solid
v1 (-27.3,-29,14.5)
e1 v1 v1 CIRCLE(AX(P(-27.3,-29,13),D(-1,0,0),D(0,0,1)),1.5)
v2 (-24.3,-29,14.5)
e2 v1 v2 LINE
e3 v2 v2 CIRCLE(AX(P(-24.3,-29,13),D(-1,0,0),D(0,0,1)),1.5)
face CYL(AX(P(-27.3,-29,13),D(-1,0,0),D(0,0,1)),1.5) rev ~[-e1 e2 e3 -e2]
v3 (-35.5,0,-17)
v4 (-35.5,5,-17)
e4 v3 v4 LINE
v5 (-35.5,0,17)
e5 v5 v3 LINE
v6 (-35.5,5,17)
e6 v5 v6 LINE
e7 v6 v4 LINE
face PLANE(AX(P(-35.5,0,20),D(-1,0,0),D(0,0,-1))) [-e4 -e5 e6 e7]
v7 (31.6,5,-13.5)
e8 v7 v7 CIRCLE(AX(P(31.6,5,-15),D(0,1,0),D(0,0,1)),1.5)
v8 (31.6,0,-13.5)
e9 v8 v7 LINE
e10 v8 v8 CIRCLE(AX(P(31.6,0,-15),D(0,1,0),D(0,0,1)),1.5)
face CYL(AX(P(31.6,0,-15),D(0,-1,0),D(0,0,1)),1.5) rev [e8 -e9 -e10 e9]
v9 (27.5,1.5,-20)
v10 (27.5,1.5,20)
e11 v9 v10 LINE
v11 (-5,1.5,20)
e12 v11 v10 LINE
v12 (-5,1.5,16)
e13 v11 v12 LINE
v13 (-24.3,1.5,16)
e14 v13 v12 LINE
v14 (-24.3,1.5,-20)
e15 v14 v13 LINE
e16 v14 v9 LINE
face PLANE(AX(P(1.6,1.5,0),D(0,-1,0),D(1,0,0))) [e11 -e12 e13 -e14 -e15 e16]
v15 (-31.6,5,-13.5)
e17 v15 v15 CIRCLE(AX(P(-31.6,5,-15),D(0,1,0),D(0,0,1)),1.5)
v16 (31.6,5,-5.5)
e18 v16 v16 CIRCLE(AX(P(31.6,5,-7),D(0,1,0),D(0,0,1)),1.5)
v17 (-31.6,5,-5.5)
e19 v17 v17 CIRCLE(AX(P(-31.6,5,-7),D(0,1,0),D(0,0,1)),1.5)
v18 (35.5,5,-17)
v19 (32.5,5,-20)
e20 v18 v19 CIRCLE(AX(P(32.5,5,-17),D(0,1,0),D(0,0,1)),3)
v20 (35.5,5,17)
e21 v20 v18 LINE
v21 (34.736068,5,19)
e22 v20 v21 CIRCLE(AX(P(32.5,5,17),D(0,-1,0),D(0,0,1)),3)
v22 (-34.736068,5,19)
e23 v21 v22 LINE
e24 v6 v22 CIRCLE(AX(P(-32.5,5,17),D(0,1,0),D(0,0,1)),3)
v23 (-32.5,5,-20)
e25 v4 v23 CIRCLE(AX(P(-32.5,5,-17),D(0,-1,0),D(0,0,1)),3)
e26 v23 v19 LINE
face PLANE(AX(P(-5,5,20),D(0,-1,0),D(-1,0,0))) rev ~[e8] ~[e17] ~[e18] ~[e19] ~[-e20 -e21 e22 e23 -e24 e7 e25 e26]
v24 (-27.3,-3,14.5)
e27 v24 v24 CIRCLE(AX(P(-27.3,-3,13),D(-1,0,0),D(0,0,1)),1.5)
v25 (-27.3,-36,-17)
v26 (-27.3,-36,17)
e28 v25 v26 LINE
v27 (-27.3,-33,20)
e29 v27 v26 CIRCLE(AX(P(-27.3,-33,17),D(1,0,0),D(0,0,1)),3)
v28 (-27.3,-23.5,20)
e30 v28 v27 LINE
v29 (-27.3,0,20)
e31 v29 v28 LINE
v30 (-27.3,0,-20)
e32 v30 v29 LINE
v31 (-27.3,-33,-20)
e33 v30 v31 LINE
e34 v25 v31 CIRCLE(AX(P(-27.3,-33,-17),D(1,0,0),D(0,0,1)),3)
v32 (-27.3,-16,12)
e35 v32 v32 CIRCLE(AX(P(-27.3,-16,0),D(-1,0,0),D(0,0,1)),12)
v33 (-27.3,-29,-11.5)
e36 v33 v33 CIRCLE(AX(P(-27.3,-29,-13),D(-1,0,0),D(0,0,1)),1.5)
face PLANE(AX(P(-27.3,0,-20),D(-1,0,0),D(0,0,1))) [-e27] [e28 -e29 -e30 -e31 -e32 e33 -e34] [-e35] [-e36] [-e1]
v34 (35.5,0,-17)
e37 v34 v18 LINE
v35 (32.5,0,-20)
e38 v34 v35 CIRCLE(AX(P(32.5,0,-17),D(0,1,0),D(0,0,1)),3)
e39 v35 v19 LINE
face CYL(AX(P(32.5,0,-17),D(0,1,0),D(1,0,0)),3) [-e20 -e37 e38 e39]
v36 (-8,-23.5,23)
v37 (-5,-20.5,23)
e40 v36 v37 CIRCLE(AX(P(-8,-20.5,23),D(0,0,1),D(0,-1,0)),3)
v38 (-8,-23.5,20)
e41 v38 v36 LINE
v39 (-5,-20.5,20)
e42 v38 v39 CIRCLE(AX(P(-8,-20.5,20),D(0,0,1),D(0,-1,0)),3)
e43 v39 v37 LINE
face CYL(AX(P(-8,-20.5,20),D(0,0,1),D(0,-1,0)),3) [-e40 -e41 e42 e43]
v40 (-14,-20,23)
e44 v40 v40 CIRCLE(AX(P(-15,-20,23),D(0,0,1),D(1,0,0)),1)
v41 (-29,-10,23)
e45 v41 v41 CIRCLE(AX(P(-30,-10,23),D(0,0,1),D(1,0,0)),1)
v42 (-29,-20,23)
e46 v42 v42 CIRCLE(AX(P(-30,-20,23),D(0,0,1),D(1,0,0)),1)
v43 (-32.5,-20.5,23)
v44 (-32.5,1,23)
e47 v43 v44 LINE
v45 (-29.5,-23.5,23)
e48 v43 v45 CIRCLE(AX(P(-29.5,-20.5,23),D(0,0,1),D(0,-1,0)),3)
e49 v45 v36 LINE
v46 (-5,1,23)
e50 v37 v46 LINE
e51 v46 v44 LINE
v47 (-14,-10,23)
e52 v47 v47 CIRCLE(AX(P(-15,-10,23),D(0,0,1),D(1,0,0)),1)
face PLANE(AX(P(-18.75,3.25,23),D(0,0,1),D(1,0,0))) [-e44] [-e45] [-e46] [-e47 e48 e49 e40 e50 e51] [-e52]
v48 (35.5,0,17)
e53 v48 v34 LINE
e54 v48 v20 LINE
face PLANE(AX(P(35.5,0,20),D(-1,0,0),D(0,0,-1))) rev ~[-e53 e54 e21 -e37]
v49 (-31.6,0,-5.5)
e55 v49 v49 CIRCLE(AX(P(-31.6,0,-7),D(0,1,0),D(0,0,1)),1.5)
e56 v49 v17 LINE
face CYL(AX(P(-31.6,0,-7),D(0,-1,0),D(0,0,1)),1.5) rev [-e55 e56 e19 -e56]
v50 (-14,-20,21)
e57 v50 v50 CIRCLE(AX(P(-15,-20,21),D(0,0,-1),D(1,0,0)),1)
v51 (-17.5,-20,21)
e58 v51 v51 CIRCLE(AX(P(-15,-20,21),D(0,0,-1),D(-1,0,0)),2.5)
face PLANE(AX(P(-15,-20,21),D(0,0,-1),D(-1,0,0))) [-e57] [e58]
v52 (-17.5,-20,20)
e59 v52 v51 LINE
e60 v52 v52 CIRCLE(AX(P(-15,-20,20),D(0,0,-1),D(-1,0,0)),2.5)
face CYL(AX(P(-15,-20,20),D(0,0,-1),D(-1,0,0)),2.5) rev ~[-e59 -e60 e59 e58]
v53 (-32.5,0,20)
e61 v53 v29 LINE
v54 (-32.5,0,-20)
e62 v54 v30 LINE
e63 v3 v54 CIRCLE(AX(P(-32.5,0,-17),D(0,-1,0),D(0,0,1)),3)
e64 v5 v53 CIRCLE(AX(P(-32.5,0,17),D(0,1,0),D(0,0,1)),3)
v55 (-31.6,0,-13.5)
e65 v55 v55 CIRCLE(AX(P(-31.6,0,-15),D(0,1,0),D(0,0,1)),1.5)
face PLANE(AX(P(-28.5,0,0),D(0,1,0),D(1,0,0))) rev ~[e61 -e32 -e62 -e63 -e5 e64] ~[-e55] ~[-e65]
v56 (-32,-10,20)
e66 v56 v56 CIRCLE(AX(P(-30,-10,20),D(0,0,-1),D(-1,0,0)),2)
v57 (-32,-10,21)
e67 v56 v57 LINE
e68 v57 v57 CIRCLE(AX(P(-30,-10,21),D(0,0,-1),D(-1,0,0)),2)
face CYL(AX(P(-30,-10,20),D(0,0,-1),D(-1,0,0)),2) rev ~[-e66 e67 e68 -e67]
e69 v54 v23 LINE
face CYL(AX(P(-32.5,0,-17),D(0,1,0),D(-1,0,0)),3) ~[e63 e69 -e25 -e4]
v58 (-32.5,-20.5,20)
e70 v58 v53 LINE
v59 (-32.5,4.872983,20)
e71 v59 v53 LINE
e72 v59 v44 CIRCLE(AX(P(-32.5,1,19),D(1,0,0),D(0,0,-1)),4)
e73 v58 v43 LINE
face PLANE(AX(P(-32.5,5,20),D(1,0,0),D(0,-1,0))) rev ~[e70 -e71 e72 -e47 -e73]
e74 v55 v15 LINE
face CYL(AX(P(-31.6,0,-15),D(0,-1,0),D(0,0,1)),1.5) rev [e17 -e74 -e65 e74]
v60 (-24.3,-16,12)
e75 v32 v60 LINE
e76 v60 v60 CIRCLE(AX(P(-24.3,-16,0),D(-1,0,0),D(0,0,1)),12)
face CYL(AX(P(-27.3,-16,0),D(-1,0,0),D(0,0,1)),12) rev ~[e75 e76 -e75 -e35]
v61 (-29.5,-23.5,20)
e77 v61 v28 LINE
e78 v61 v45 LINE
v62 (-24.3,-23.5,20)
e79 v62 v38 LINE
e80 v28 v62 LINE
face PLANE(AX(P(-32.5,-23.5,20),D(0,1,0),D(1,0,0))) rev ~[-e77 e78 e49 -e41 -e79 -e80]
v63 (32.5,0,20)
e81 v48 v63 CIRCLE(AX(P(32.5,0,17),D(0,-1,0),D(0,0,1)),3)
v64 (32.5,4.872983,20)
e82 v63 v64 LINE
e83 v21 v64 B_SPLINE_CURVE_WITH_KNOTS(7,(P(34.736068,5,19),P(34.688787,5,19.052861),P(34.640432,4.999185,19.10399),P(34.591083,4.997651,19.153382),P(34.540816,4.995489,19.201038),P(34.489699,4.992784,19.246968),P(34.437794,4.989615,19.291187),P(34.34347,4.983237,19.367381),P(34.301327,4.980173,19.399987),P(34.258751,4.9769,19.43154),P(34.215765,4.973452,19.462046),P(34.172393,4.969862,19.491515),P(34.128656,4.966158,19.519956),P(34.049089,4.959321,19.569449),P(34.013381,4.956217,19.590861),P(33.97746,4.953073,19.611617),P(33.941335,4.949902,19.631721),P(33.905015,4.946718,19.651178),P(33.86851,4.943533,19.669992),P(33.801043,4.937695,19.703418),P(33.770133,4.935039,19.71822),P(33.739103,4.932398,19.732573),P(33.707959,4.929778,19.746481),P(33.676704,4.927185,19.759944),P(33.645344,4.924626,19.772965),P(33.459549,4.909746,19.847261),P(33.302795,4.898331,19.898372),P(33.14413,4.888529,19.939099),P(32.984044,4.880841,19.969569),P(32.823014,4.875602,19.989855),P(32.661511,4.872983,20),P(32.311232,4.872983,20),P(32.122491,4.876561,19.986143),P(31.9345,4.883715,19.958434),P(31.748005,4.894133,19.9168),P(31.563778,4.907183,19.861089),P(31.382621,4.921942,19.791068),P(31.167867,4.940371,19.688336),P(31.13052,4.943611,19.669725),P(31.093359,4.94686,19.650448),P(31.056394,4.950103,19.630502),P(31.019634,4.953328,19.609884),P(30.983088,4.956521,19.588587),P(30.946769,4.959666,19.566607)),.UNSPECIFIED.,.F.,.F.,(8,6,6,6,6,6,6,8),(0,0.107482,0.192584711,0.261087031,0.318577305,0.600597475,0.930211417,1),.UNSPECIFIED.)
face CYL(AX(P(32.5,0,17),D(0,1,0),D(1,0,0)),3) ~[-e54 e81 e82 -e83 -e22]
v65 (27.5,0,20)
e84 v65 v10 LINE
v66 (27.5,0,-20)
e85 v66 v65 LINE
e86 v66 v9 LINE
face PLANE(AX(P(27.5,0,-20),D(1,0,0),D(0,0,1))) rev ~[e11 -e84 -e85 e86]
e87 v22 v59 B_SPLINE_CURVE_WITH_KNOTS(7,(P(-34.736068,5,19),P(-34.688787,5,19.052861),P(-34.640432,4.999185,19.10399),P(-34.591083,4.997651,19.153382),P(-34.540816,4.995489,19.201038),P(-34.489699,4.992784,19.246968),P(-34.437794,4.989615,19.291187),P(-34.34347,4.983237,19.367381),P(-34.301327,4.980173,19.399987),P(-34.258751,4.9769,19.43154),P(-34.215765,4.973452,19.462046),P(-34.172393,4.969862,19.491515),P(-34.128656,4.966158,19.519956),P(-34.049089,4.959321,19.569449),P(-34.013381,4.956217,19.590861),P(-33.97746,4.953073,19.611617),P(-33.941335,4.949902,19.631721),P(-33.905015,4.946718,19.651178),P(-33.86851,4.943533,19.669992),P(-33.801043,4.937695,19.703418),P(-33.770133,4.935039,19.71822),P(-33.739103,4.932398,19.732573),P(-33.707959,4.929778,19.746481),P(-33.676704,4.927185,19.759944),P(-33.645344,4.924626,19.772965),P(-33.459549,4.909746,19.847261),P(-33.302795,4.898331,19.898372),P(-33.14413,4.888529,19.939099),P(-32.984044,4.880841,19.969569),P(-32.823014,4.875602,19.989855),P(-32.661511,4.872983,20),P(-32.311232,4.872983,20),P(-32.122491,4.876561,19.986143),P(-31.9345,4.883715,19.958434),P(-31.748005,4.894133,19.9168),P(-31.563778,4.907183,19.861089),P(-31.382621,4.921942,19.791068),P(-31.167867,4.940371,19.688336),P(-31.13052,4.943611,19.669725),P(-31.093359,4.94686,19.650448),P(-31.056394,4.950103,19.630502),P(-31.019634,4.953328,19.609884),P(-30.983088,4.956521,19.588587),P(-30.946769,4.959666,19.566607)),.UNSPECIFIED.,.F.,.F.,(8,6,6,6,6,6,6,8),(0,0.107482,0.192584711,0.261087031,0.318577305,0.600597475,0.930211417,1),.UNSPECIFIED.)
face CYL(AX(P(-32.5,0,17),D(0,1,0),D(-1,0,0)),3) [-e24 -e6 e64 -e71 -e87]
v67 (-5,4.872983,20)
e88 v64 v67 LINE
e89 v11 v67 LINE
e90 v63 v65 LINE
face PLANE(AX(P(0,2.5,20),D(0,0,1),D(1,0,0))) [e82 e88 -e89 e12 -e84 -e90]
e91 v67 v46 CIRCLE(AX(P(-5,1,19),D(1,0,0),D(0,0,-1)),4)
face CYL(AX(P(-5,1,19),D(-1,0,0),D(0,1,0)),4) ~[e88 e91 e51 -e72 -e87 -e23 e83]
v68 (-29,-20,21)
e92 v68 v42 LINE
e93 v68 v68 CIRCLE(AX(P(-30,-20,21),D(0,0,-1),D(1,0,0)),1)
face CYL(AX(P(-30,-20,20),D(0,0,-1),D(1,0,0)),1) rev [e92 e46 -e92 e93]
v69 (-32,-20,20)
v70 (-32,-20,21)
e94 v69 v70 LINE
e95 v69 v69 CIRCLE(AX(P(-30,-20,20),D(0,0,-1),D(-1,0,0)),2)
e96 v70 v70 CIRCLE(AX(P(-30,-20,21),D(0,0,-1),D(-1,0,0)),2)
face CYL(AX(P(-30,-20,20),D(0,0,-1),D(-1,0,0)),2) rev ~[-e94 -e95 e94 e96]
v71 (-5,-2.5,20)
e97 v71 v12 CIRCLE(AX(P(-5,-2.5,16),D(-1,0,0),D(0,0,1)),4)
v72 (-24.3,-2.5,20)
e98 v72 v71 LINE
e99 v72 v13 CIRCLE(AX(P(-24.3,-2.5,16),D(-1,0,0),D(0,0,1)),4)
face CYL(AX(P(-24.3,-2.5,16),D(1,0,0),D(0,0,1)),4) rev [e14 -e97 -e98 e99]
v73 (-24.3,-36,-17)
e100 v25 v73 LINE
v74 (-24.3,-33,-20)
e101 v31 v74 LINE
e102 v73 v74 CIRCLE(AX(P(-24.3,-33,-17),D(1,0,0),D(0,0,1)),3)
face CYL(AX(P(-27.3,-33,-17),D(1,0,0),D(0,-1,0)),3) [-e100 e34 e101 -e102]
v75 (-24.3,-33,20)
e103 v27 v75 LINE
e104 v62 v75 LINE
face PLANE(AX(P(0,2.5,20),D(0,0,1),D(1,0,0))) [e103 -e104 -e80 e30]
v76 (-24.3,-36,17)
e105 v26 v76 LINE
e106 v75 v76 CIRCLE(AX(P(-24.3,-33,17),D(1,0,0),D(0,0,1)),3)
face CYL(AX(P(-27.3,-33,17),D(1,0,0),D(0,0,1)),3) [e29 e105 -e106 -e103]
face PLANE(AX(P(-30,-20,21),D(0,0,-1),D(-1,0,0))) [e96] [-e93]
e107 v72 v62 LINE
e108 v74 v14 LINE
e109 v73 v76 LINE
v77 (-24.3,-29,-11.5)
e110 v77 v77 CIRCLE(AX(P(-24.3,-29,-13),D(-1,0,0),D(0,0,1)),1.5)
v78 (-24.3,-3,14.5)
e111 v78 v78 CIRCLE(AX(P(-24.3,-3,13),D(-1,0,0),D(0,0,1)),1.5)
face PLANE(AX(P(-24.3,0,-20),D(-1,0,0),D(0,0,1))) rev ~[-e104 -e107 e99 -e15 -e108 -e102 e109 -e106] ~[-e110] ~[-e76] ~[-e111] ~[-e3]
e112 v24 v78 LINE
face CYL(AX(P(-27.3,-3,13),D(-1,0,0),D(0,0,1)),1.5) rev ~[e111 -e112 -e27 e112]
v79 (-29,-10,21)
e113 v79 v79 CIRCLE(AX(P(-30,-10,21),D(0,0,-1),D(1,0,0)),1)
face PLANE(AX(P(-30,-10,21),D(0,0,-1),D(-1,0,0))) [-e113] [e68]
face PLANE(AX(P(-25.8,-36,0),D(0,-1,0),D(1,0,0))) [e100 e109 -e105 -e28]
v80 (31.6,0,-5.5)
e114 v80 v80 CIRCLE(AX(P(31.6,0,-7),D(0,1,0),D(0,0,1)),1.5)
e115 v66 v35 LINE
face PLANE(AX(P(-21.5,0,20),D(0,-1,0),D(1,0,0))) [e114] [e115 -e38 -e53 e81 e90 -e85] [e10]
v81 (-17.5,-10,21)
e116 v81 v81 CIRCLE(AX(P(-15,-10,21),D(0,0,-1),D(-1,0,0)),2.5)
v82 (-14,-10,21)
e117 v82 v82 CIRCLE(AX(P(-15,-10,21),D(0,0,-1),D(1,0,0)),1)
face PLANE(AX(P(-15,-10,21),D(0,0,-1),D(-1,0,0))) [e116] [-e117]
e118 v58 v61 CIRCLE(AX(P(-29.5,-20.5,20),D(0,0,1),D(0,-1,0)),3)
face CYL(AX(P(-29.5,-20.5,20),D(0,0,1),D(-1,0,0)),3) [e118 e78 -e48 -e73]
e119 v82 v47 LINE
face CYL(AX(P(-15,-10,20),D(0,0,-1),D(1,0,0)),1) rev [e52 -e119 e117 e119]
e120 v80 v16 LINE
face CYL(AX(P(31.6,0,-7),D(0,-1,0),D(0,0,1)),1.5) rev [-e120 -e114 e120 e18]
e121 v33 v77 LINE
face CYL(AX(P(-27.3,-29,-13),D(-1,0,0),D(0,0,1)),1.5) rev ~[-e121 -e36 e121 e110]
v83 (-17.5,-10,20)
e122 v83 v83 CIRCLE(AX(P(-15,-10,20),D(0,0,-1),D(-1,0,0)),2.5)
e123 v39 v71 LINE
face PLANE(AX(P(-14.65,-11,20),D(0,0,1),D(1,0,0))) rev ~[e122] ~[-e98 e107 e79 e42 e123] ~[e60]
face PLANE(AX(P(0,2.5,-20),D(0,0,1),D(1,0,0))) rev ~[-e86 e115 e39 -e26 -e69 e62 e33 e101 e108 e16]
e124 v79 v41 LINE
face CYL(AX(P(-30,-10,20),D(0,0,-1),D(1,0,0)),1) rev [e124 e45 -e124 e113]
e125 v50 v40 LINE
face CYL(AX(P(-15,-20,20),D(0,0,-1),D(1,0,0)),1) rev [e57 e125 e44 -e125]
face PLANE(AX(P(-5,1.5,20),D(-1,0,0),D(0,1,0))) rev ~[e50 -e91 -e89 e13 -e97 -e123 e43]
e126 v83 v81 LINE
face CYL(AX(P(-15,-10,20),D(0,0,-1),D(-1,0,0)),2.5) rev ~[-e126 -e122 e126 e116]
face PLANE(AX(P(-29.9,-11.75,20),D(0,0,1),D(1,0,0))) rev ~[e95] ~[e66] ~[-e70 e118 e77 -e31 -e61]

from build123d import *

# Parameters (mm, degrees)
SKETCH_1_W          = 14
SKETCH_1_H          = 40
SKETCH_1_R          = 1.5
EXTRUDE_1_DEPTH     = 5
EXTRUDE_1_2_DEPTH   = 5
SKETCH_3_W          = 3
SKETCH_3_H          = 40
EXTRUDE_3_DEPTH     = 36
SKETCH_4_R          = 1.5
SKETCH_4_R_2        = 12
CUT_EXTRUDE_1_DEPTH = 30
SKETCH_8_W          = 43
SKETCH_8_H          = 5
EXTRUDE_4_DEPTH     = 40
SKETCH_9_W          = 51.8
SKETCH_9_H          = 40
CUT_EXTRUDE_2_DEPTH = 1.5
FILLET_1_R          = 3
SKETCH_10_W         = 19.3
SKETCH_10_H         = 25
SKETCH_10_R         = 1
SKETCH_10_W_2       = 5.2
SKETCH_10_H_2       = 23.5
EXTRUDE_5_DEPTH     = 3
SKETCH_11_R         = 2.5
SKETCH_11_R_2       = 2
CUT_EXTRUDE_3_DEPTH = 1
FILLET_2_R          = 4
FILLET_3_R          = 3


with BuildPart() as part:
    # 草图1 → 凸台-拉伸1 (new body)
    with BuildSketch(Plane(origin=(0, 0, 0), x_dir=(1, 0, 0), z_dir=(0, 1, 0))):
        with Locations((-28.5, 0)):
            Rectangle(SKETCH_1_W, SKETCH_1_H)
        with Locations(Location((-31.6, 7, 0), (0, 0, 270))):
            Circle(SKETCH_1_R, mode=Mode.SUBTRACT)
        with Locations(Location((-31.6, 15, 0), (0, 0, 270))):
            Circle(SKETCH_1_R, mode=Mode.SUBTRACT)
    extrude(amount=EXTRUDE_1_DEPTH)

    # 草图3 → 凸台-拉伸3 (add)
    with BuildSketch(Plane.XZ):
        with Locations((-25.8, 0)):
            Rectangle(SKETCH_3_W, SKETCH_3_H)
    extrude(amount=EXTRUDE_3_DEPTH)

    # 草图4 → 切除-拉伸1 (cut)
    with BuildSketch(Plane.ZY.offset(27.3)):
        with Locations((13, -3)):
            Circle(SKETCH_4_R)
        with Locations((13, -29)):
            Circle(SKETCH_4_R)
        with Locations((-13, -29)):
            Circle(SKETCH_4_R)
        with Locations((0, -16)):
            Circle(SKETCH_4_R_2)
    extrude(amount=-CUT_EXTRUDE_1_DEPTH, mode=Mode.SUBTRACT)



with BuildPart() as body_2:
    # 草图1 → Extrude 1 2 (new body)
    with BuildSketch(Plane(origin=(0, 0, 0), x_dir=(1, 0, 0), z_dir=(0, 1, 0))):
        with Locations((28.5, 0)):
            Rectangle(SKETCH_1_W, SKETCH_1_H)
        with Locations(Location((31.6, 7, 0), (0, 0, 270))):
            Circle(SKETCH_1_R, mode=Mode.SUBTRACT)
        with Locations(Location((31.6, 15, 0), (0, 0, 270))):
            Circle(SKETCH_1_R, mode=Mode.SUBTRACT)
    extrude(amount=EXTRUDE_1_2_DEPTH)


with BuildPart() as part_1:
    add(part.part)

    add(body_2.part)  # 凸台-拉伸4 merges body 2
    # 草图8 → 凸台-拉伸4 (add)
    with BuildSketch(Plane.XY.offset(20)):
        with Locations((0, 2.5)):
            Rectangle(SKETCH_8_W, SKETCH_8_H)
    extrude(amount=-EXTRUDE_4_DEPTH)

    # 草图9 → 切除-拉伸2 (cut)
    with BuildSketch(Plane.XZ):
        with Locations((1.6, 0)):
            Rectangle(SKETCH_9_W, SKETCH_9_H)
    extrude(amount=-CUT_EXTRUDE_2_DEPTH, mode=Mode.SUBTRACT)

    # 圆角1
    fillet_1_edges = [part_1.edges().sort_by_distance(p)[0] for p in [
        (-35.5, 2.5, 20),
        (-35.5, 2.5, -20),
        (-25.8, -36, -20),
        (-25.8, -36, 20),
        (35.5, 2.5, 20),
        (35.5, 2.5, -20),
    ]]
    fillet(fillet_1_edges, radius=FILLET_1_R)

    # 草图10 → 凸台-拉伸5 (add)
    # profile 1 of 4: a face of its own
    with BuildSketch(Plane.XY.offset(20)):
        Polygon((-32.5, 5), (-32.5, 1.5), (-24.3, 1.5), (-5, 1.5), (-5, 5), align=None)
    # profile 2 of 4: a face of its own
    with BuildSketch(Plane.XY.offset(20)):
        with Locations((-14.65, -11)):
            Rectangle(SKETCH_10_W, SKETCH_10_H)
        with Locations((-15, -20)):
            Circle(SKETCH_10_R, mode=Mode.SUBTRACT)
        with Locations((-15, -10)):
            Circle(SKETCH_10_R, mode=Mode.SUBTRACT)
    # profile 3 of 4: a face of its own
    with BuildSketch(Plane.XY.offset(20)):
        Polygon((-32.5, 1.5), (-32.5, 0), (-27.3, 0), (-27.3, -23.5), (-24.3, -23.5), (-24.3, 1.5), align=None)
    # profile 4 of 4: a face of its own
    with BuildSketch(Plane.XY.offset(20)):
        with Locations((-29.9, -11.75)):
            Rectangle(SKETCH_10_W_2, SKETCH_10_H_2)
        with Locations((-30, -20)):
            Circle(SKETCH_10_R, mode=Mode.SUBTRACT)
        with Locations((-30, -10)):
            Circle(SKETCH_10_R, mode=Mode.SUBTRACT)
    extrude(amount=EXTRUDE_5_DEPTH)

    # 草图11 → 切除-拉伸3 (cut)
    with BuildSketch(Plane(origin=(0, 0, 20), x_dir=(-1, 0, 0), z_dir=(0, 0, -1))):
        with Locations((15, -10)):
            Circle(SKETCH_11_R)
        with Locations((30, -10)):
            Circle(SKETCH_11_R_2)
        with Locations((30, -20)):
            Circle(SKETCH_11_R_2)
        with Locations((15, -20)):
            Circle(SKETCH_11_R)
    extrude(amount=-CUT_EXTRUDE_3_DEPTH, mode=Mode.SUBTRACT)

    # 圆角2
    fillet_2_edges = [part_1.edges().sort_by_distance(p)[0] for p in [
        (-14.65, 1.5, 20),
        (-18.75, 5, 23),
    ]]
    fillet(fillet_2_edges, radius=FILLET_2_R)

    # 圆角3
    fillet_3_edges = [part_1.edges().sort_by_distance(p)[0] for p in [
        (-5, -23.5, 21.5),
        (-32.5, -23.5, 21.5),
    ]]
    fillet(fillet_3_edges, radius=FILLET_3_R)


solid = part_1.part
